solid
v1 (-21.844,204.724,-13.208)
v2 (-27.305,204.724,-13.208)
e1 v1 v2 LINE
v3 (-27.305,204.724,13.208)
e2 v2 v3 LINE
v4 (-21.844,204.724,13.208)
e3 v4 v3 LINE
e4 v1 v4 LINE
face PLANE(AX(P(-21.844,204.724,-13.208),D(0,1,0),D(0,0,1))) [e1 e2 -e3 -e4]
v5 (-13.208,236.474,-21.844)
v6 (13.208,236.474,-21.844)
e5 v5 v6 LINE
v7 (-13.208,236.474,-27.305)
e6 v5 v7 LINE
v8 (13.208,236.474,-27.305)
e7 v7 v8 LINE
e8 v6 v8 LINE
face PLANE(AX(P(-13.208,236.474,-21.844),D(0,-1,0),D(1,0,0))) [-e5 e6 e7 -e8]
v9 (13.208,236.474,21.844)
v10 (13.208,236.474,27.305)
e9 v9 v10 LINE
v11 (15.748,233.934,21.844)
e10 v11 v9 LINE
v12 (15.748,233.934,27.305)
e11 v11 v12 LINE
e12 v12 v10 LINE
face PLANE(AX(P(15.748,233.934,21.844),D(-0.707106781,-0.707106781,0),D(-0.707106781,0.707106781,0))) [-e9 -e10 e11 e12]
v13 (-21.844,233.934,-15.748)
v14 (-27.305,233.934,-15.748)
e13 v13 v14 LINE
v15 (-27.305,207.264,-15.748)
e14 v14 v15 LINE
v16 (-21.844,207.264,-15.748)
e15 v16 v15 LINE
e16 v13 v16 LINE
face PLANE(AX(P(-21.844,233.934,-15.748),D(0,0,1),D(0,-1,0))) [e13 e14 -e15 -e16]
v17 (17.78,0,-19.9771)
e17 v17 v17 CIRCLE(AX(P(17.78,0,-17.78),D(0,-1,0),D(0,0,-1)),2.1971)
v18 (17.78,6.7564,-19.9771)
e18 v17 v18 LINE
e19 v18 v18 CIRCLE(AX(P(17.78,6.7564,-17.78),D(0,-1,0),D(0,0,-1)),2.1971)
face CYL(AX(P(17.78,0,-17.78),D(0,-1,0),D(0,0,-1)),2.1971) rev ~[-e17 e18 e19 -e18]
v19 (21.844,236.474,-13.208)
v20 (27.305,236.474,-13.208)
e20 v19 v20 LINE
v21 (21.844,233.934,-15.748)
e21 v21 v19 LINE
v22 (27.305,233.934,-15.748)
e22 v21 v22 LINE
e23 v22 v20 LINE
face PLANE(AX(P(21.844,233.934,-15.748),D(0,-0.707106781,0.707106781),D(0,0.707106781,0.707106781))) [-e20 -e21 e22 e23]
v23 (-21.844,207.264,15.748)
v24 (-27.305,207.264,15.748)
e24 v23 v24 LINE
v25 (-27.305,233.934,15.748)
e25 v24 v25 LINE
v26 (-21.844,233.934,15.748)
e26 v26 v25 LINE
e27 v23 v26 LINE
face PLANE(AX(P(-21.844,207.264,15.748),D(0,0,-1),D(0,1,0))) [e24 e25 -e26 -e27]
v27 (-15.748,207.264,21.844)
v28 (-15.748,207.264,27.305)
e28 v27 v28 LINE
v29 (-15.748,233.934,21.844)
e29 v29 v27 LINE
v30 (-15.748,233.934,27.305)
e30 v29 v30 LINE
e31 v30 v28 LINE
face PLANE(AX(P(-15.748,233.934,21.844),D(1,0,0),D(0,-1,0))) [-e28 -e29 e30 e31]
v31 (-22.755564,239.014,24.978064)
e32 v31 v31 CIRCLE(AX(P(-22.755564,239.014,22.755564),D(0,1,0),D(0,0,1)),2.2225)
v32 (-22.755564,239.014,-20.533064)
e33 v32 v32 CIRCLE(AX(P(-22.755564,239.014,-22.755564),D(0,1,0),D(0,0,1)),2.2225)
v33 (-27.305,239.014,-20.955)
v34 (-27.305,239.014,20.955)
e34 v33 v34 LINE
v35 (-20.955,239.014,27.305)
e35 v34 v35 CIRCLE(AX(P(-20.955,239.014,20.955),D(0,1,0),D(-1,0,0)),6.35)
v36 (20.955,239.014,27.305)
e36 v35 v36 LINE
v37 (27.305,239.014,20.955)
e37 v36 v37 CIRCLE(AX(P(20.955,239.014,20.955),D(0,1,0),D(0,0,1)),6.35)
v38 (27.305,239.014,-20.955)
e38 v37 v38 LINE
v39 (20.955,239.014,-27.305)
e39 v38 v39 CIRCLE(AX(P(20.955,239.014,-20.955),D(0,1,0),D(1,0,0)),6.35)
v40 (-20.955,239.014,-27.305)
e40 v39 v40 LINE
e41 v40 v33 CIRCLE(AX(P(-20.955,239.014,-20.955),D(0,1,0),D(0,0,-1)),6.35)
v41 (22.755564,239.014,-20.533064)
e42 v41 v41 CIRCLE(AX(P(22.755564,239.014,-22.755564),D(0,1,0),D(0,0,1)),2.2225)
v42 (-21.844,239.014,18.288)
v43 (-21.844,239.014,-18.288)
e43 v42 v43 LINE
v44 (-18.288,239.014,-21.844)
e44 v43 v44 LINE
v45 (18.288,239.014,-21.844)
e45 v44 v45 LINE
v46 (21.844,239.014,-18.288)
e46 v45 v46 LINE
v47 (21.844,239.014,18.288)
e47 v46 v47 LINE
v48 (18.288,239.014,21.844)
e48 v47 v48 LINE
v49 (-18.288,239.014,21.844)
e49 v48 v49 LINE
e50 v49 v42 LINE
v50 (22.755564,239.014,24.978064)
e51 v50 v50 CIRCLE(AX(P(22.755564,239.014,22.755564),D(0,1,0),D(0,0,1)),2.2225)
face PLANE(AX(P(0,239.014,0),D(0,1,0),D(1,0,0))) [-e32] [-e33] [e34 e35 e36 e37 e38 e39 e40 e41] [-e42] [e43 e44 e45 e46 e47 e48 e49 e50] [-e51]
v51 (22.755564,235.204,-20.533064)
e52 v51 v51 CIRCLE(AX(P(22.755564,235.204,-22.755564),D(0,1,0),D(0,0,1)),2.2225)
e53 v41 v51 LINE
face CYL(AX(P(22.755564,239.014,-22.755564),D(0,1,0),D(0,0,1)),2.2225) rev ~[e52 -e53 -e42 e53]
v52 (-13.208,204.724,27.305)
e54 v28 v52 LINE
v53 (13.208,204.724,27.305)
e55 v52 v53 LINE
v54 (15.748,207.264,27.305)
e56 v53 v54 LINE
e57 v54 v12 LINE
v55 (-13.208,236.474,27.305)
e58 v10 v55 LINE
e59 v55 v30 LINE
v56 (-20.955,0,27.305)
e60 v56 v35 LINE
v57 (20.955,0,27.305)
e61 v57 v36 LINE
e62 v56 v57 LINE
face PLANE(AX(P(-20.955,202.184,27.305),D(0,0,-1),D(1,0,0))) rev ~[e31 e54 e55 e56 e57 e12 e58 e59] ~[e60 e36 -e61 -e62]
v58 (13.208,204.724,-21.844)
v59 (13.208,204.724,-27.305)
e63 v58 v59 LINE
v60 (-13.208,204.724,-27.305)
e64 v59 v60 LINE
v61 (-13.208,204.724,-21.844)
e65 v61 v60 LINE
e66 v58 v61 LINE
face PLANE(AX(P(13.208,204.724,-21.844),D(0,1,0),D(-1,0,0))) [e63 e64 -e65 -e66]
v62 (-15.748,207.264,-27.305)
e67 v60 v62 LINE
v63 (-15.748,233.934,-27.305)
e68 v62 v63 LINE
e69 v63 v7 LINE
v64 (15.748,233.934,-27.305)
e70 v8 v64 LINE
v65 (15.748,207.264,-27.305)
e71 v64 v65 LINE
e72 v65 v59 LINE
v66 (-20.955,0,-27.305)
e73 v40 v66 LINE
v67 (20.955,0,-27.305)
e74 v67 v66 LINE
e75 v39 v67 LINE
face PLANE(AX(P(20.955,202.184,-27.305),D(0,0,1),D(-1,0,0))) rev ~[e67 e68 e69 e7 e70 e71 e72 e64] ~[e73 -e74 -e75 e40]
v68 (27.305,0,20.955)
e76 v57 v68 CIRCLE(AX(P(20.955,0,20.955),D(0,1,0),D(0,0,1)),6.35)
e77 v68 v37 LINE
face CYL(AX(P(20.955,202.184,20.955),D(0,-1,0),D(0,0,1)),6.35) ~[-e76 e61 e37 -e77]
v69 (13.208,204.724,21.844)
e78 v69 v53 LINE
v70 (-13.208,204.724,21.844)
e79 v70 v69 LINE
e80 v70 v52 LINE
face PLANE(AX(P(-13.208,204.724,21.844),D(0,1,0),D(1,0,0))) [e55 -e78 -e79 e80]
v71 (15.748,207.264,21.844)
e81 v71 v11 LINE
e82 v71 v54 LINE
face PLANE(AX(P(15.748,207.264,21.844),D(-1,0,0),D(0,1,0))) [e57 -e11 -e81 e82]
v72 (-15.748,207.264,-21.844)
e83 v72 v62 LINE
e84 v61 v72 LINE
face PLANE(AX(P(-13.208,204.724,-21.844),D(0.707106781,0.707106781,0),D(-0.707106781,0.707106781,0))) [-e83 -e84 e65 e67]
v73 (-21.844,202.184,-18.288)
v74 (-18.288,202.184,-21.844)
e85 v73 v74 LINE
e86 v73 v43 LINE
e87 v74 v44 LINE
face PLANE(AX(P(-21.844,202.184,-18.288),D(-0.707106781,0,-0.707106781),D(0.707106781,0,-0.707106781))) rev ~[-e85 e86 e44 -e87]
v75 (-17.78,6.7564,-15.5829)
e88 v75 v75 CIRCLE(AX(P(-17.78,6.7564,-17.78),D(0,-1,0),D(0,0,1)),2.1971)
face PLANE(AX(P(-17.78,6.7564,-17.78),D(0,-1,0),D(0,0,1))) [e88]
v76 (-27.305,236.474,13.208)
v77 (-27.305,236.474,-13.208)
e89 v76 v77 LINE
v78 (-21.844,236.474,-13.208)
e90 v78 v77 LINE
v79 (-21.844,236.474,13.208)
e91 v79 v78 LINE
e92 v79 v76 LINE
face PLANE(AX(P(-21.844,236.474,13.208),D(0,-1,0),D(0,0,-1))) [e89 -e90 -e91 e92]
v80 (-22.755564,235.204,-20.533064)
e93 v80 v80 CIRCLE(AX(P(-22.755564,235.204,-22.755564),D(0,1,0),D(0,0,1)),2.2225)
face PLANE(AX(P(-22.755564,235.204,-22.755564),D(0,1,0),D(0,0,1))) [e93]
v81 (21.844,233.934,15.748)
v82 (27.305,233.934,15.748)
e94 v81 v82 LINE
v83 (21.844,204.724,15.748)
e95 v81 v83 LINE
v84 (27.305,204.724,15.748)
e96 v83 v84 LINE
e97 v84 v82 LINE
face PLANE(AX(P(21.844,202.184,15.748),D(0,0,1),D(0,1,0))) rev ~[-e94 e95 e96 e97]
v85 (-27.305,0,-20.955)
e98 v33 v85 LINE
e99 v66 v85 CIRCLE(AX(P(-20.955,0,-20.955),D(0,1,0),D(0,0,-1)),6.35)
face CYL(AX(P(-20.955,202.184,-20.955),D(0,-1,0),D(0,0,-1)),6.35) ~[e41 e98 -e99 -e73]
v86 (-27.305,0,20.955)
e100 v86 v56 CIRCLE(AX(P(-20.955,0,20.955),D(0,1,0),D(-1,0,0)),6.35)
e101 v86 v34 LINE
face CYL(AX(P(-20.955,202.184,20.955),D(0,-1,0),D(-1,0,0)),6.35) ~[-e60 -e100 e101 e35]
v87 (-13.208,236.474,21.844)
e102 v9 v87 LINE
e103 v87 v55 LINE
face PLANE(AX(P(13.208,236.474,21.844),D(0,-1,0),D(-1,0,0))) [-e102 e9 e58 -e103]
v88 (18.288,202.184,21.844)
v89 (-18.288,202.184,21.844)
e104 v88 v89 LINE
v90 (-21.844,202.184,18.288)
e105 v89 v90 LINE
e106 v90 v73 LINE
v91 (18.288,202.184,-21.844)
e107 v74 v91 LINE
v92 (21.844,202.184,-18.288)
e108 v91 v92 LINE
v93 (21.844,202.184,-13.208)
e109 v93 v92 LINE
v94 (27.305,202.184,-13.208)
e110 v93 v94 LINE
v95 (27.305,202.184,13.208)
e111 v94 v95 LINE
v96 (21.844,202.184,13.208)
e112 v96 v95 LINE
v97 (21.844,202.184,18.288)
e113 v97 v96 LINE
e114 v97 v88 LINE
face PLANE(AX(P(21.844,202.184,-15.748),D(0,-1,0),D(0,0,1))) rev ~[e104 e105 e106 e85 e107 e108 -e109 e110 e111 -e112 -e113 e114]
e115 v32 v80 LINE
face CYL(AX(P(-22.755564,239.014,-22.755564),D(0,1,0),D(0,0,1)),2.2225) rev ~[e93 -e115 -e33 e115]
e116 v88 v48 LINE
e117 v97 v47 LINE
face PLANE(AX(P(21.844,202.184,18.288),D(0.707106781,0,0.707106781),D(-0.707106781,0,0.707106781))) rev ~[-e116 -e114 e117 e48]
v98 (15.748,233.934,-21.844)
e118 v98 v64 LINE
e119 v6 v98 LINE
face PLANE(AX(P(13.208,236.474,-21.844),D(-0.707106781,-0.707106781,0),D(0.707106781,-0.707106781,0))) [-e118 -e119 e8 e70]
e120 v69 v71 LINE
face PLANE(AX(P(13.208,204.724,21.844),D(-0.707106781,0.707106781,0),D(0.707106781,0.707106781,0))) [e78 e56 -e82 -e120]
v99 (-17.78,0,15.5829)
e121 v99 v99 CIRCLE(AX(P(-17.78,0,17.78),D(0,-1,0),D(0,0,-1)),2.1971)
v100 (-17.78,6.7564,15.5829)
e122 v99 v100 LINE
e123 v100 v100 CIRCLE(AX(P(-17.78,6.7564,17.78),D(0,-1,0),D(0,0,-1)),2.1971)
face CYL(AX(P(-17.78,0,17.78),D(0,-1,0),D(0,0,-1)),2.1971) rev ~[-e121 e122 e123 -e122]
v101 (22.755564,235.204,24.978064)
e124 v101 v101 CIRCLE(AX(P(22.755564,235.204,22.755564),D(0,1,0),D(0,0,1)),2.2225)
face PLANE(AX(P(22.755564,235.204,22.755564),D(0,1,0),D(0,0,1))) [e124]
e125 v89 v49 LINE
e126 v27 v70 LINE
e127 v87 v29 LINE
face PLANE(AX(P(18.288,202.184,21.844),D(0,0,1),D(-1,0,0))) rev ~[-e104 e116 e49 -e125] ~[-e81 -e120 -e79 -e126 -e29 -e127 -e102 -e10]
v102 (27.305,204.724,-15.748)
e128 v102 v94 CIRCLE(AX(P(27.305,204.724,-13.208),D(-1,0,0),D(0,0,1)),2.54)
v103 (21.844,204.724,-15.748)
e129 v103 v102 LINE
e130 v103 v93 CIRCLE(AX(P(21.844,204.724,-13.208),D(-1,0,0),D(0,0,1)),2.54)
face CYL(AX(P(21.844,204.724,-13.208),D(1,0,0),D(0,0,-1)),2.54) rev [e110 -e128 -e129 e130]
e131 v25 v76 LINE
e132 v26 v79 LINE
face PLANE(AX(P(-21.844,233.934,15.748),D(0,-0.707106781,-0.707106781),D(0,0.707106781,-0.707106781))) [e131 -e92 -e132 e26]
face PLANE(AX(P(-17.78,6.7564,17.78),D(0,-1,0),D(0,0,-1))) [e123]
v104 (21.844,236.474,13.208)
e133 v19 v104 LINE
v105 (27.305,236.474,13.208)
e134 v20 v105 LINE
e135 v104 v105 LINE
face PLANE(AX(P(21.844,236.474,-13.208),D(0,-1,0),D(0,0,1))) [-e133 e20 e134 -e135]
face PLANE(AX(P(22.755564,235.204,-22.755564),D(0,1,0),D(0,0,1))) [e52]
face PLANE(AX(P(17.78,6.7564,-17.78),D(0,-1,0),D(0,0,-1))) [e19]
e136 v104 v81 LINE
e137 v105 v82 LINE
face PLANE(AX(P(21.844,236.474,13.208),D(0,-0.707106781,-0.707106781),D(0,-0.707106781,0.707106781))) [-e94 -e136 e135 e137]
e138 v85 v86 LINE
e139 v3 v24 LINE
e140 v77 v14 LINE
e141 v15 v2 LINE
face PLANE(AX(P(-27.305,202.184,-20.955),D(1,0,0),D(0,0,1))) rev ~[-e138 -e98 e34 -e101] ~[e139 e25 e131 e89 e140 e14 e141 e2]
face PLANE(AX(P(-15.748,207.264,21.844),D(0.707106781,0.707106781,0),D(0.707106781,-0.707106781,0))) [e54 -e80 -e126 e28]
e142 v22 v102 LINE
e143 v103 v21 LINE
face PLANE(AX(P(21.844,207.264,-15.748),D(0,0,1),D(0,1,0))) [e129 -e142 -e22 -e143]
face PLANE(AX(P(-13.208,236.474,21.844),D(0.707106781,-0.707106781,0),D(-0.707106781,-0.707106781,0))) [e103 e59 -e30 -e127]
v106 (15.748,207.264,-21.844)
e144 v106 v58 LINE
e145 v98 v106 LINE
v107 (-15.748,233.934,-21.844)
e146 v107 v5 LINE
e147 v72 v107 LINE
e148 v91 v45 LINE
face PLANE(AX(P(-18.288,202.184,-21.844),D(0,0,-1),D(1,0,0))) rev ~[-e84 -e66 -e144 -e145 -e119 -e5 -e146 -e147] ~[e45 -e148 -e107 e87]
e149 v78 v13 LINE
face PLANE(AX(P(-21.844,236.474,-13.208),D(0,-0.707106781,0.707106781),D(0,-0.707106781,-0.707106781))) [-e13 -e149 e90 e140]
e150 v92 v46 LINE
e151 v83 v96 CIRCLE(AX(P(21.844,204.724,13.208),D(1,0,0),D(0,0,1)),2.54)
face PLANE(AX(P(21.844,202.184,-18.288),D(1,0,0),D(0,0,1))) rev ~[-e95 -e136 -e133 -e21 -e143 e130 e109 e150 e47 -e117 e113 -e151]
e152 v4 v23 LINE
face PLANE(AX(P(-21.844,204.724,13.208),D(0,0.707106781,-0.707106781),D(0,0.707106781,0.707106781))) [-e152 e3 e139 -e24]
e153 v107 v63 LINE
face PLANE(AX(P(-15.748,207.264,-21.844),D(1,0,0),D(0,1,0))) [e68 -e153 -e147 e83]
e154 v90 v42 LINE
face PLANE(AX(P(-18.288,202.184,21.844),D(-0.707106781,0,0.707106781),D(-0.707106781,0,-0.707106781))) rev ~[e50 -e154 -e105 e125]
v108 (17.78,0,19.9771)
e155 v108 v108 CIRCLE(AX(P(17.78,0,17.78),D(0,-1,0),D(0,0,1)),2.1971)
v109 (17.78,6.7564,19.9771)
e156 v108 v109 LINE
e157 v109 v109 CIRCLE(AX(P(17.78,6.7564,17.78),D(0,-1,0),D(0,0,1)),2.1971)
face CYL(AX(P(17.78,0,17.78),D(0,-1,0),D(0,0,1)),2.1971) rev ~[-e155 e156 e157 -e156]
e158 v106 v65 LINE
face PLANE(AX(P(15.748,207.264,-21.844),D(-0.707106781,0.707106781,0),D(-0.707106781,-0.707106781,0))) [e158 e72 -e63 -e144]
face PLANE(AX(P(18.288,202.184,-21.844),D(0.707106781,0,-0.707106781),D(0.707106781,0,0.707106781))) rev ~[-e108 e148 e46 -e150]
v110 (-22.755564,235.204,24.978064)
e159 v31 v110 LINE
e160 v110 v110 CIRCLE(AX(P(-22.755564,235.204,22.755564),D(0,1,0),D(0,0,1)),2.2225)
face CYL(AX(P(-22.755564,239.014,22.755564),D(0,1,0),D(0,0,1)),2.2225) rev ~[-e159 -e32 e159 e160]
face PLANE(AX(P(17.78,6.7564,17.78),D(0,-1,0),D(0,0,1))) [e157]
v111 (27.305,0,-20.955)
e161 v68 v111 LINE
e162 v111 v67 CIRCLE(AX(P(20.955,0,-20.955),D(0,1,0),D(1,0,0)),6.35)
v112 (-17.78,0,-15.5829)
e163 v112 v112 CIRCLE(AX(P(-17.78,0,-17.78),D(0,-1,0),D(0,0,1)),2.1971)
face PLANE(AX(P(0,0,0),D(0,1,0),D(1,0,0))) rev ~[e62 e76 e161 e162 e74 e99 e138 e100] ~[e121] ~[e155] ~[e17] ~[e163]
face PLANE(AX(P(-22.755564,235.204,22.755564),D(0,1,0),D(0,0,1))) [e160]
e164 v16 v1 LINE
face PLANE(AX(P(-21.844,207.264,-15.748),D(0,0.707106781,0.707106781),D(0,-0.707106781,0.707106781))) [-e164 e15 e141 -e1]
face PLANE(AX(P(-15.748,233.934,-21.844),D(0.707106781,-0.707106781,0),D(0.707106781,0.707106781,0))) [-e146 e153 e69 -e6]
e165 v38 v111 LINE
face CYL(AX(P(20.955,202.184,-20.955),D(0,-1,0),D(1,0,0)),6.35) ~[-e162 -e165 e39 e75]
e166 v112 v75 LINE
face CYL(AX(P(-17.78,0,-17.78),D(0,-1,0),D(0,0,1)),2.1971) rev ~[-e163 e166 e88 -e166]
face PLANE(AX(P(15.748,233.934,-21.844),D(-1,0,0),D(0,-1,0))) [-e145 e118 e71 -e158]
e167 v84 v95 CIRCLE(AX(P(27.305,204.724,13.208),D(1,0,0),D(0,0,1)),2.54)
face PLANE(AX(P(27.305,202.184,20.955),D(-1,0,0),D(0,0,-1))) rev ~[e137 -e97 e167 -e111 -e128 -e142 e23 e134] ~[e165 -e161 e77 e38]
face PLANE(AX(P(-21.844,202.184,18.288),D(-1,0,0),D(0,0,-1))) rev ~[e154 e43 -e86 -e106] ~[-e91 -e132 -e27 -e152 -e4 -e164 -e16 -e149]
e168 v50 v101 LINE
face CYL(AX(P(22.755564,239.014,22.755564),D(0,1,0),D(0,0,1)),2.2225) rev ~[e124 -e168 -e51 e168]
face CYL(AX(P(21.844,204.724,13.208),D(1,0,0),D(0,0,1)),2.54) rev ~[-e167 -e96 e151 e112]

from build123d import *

# Parameters (mm, degrees)
BOSS_EXTRUDE1_DEPTH = 202.184
SKETCH2_R           = 2.1971
CUT_EXTRUDE1_DEPTH  = 6.7564
BOSS_EXTRUDE2_DEPTH = 36.83
CUT_EXTRUDE3_DEPTH  = 5.461
CIRPATTERN1_COUNT   = 4
SKETCH5_W           = 31.496
SKETCH5_H           = 5.08
CUT_EXTRUDE4_DEPTH  = 5.461
FILLET1_R           = 2.54
SKETCH6_R           = 2.2225
CUT_EXTRUDE5_DEPTH  = 3.81


with BuildPart() as part:
    # Sketch1 → Boss-Extrude1 (new body)
    with BuildSketch(Plane(origin=(0, 0, 0), x_dir=(1, 0, 0), z_dir=(0, 1, 0))):
        with BuildLine():
            Line((-20.955, -27.305), (20.955, -27.305))
            ThreePointArc((20.955, -27.305), (25.445128061, -25.445128061), (27.305, -20.955))
            Line((27.305, -20.955), (27.305, 20.955))
            ThreePointArc((27.305, 20.955), (25.445128061, 25.445128061), (20.955, 27.305))
            Line((20.955, 27.305), (-20.955, 27.305))
            ThreePointArc((-20.955, 27.305), (-25.445128061, 25.445128061), (-27.305, 20.955))
            Line((-27.305, 20.955), (-27.305, -20.955))
            ThreePointArc((-27.305, -20.955), (-25.445128061, -25.445128061), (-20.955, -27.305))
        make_face()
    extrude(amount=BOSS_EXTRUDE1_DEPTH)

    # Sketch2 → Cut-Extrude1 (cut)
    with BuildSketch(Plane.XZ):
        with Locations(Location((-17.78, 17.78, 0), (0, 0, 270))):
            Circle(SKETCH2_R)
        with Locations(Location((17.78, 17.78, 0), (0, 0, 90))):
            Circle(SKETCH2_R)
        with Locations(Location((17.78, -17.78, 0), (0, 0, 270))):
            Circle(SKETCH2_R)
        with Locations(Location((-17.78, -17.78, 0), (0, 0, 90))):
            Circle(SKETCH2_R)
    extrude(amount=-CUT_EXTRUDE1_DEPTH, mode=Mode.SUBTRACT)

    # Sketch3 → Boss-Extrude2 (add)
    with BuildSketch(Plane(origin=(0, 202.184, 0), x_dir=(1, 0, 0), z_dir=(0, 1, 0))):
        with BuildLine():
            Line((-27.305, 20.955), (-27.305, -20.955))
            ThreePointArc((-27.305, -20.955), (-25.445128061, -25.445128061), (-20.955, -27.305))
            Line((-20.955, -27.305), (20.955, -27.305))
            ThreePointArc((20.955, -27.305), (25.445128061, -25.445128061), (27.305, -20.955))
            Line((27.305, -20.955), (27.305, 20.955))
            ThreePointArc((27.305, 20.955), (25.445128061, 25.445128061), (20.955, 27.305))
            Line((20.955, 27.305), (-20.955, 27.305))
            ThreePointArc((-20.955, 27.305), (-25.445128061, 25.445128061), (-27.305, 20.955))
        make_face()
        Polygon((21.844, -18.288), (18.288, -21.844), (-18.288, -21.844), (-21.844, -18.288), (-21.844, 18.288), (-18.288, 21.844), (18.288, 21.844), (21.844, 18.288), align=None, mode=Mode.SUBTRACT)
    extrude(amount=BOSS_EXTRUDE2_DEPTH)

    # Sketch4 → Cut-Extrude3 (cut)
    with BuildSketch(Plane.ZY.offset(-21.844)):
        Polygon((-13.208, 236.474), (13.208, 236.474), (15.748, 233.934), (15.748, 207.264), (13.208, 204.724), (-13.208, 204.724), (-15.748, 207.264), (-15.748, 233.934), align=None)
    cut_extrude3 = extrude(amount=-CUT_EXTRUDE3_DEPTH, mode=Mode.SUBTRACT)

    # CirPattern1: Cut-Extrude3 ×4 about axis
    cirpattern1_axis = Axis((0, 0, 0), (0, 1, 0))
    for i in range(1, CIRPATTERN1_COUNT):
        add(cut_extrude3.rotate(cirpattern1_axis, i * 360 / CIRPATTERN1_COUNT), mode=Mode.SUBTRACT)

    # Sketch5 → Cut-Extrude4 (cut)
    with BuildSketch(Plane.ZY.offset(-21.844)):
        with Locations((0, 204.724)):
            Rectangle(SKETCH5_W, SKETCH5_H)
    extrude(amount=-CUT_EXTRUDE4_DEPTH, mode=Mode.SUBTRACT)

    # Fillet1
    fillet1_edges = [part.edges().sort_by_distance(p)[0] for p in [
        (24.5745, 202.184, 15.748),
        (24.5745, 202.184, -15.748),
    ]]
    fillet(fillet1_edges, radius=FILLET1_R)

    # Sketch6 → Cut-Extrude5 (cut)
    with BuildSketch(Plane(origin=(0, 239.014, 0), x_dir=(1, 0, 0), z_dir=(0, 1, 0))):
        with Locations(Location((22.75556403, -22.75556403, 0), (0, 0, 270))):
            Circle(SKETCH6_R)
        with Locations(Location((-22.75556403, -22.75556403, 0), (0, 0, 270))):
            Circle(SKETCH6_R)
        with Locations(Location((-22.75556403, 22.75556403, 0), (0, 0, 270))):
            Circle(SKETCH6_R)
        with Locations(Location((22.75556403, 22.75556403, 0), (0, 0, 270))):
            Circle(SKETCH6_R)
    extrude(amount=-CUT_EXTRUDE5_DEPTH, mode=Mode.SUBTRACT)


solid = part.part
